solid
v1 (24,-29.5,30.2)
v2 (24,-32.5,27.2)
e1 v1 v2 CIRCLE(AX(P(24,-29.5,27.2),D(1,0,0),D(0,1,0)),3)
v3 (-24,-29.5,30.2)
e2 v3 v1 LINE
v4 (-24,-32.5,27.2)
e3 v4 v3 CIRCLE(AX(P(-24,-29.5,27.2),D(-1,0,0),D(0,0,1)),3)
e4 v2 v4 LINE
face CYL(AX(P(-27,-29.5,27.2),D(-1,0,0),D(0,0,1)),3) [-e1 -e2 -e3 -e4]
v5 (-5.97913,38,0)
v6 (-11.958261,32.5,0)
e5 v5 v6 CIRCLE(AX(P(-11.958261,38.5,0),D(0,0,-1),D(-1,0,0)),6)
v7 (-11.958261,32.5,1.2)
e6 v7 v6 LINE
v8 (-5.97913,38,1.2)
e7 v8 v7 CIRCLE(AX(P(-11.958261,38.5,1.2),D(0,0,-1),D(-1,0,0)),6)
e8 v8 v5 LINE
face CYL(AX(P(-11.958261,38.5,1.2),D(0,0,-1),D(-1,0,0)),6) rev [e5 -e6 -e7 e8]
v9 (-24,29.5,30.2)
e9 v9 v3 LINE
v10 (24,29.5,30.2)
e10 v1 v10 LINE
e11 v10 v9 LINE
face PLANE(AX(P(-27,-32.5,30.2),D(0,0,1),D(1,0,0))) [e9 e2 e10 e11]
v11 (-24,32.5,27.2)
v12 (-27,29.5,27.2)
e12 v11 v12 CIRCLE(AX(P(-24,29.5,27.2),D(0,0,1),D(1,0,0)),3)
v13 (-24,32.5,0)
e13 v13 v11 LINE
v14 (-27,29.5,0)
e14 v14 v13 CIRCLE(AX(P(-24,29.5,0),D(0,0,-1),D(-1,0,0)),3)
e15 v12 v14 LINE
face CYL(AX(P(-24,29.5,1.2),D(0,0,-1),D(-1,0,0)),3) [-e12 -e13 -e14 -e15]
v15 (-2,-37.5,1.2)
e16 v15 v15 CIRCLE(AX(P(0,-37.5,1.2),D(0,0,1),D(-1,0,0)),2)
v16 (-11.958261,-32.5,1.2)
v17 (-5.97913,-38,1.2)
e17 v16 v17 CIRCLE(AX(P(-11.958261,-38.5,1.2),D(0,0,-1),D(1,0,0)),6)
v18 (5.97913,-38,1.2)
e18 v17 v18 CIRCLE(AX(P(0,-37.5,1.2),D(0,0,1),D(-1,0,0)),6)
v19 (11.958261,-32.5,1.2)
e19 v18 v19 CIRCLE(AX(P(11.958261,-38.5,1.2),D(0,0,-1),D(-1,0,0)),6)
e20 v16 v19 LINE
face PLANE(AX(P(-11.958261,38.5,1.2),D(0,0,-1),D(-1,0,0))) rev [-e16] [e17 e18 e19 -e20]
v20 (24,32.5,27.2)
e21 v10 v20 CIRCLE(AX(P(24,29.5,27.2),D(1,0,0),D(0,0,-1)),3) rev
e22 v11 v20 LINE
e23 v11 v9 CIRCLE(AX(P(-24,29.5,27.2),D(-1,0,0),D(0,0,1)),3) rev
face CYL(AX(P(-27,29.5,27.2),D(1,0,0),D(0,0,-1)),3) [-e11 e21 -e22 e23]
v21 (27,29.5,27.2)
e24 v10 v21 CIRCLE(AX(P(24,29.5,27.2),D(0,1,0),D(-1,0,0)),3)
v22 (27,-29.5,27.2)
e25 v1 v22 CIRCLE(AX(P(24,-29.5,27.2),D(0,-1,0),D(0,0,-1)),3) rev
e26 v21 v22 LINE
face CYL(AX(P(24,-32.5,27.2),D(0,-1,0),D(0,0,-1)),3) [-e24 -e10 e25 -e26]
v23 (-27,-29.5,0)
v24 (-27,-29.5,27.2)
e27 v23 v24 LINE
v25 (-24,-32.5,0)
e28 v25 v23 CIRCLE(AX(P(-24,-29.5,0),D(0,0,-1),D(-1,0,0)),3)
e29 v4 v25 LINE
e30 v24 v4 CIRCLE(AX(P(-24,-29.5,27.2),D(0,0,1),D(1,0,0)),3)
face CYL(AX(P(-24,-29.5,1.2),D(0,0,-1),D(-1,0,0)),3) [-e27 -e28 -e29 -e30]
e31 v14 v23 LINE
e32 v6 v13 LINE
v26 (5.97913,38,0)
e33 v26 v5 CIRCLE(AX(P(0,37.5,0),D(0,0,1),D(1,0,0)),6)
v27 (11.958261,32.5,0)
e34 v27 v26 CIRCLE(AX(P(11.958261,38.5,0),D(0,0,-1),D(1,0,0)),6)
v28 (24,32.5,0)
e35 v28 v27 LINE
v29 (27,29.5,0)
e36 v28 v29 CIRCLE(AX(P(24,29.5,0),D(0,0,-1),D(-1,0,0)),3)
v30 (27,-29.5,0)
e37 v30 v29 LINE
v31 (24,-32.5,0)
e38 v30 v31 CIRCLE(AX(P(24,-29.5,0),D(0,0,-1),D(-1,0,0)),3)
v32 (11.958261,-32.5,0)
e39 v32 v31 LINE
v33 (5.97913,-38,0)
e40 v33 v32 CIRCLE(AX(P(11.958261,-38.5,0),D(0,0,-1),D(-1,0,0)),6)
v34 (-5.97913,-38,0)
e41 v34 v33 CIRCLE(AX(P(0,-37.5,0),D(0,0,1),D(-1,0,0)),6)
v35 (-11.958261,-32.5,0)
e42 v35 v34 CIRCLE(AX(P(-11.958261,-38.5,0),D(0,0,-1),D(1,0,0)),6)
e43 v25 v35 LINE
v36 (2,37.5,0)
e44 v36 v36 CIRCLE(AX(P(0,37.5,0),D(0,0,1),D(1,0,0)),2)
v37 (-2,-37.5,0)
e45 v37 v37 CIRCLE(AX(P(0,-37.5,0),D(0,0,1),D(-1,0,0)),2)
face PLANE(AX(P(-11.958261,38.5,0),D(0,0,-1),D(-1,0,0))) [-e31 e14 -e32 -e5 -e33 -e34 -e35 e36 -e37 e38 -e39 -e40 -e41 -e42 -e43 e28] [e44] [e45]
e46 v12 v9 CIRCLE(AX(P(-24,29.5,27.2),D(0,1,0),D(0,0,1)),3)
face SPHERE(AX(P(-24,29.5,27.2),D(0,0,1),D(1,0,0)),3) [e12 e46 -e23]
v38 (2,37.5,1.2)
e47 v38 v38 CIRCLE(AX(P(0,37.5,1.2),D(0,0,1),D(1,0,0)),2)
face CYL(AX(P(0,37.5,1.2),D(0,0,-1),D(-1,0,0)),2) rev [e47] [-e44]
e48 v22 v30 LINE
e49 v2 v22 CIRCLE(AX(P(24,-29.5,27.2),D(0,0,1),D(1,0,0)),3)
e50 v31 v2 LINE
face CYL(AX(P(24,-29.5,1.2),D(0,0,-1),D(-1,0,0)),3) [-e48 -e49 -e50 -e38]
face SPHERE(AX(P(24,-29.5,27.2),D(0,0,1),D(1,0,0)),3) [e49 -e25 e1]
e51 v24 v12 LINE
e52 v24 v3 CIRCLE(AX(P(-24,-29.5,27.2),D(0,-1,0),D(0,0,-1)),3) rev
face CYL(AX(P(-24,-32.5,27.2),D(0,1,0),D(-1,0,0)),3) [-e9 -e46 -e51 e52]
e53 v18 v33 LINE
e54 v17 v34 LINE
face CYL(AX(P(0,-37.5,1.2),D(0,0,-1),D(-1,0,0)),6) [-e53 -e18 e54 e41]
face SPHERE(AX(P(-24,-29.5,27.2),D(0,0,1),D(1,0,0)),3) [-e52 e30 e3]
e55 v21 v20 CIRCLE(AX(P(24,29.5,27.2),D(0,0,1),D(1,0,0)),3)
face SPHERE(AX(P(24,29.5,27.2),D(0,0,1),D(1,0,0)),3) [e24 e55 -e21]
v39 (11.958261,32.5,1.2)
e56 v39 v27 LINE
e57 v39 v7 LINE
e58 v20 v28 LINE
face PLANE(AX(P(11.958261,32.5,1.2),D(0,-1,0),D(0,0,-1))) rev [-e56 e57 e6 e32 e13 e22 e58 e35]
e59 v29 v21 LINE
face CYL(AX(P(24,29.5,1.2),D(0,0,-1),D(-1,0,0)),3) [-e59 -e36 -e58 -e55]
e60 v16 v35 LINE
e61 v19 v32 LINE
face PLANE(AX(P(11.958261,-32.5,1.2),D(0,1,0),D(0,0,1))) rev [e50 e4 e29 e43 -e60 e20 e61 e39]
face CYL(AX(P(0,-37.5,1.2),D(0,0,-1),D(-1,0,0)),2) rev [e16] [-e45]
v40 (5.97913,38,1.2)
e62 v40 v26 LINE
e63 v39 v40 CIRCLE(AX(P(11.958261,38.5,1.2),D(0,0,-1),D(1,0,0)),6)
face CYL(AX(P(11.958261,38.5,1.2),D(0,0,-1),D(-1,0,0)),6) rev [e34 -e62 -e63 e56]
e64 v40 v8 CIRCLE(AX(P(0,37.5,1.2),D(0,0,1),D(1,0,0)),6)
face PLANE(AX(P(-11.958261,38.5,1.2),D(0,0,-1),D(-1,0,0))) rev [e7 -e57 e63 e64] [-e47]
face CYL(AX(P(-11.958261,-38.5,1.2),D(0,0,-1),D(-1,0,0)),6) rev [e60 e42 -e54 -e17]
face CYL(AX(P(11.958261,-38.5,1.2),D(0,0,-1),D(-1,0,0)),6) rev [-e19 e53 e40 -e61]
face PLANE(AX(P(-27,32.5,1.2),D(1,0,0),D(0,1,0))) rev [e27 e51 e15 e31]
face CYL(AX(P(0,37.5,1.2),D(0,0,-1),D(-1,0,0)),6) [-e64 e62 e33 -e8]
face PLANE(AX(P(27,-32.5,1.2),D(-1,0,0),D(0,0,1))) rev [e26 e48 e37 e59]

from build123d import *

# Parameters (mm, degrees)
SKETCH_1_R      = 2
EXTRUDE_1_DEPTH = 1.2
SKETCH_5_W      = 54
SKETCH_5_H      = 65
EXTRUDE_2_DEPTH = 29
FILLET_1_R      = 3


with BuildPart() as part:
    # 草图1 → 拉伸1 (new body)
    with BuildSketch(Plane.XY):
        with BuildLine():
            Line((-11.958260743, 32.5), (-27, 32.5))
            Line((-27, 32.5), (-27, -32.5))
            Line((-27, -32.5), (-11.958260743, -32.5))
            ThreePointArc((-11.958260743, -32.5), (-7.896241541, -34.084119567), (-5.979130372, -38))
            ThreePointArc((-5.979130372, -38), (0, -43.5), (5.979130372, -38))
            ThreePointArc((5.979130372, -38), (7.896241541, -34.084119567), (11.958260743, -32.5))
            Line((11.958260743, -32.5), (27, -32.5))
            Line((27, -32.5), (27, 32.5))
            Line((27, 32.5), (11.958260743, 32.5))
            ThreePointArc((11.958260743, 32.5), (7.896241541, 34.084119567), (5.979130372, 38))
            ThreePointArc((5.979130372, 38), (0, 43.5), (-5.979130372, 38))
            ThreePointArc((-5.979130372, 38), (-7.896241541, 34.084119567), (-11.958260743, 32.5))
        make_face()
        with Locations((0, 37.5)):
            Circle(SKETCH_1_R, mode=Mode.SUBTRACT)
        with Locations(Location((0, -37.5, 0), (0, 0, 180))):
            Circle(SKETCH_1_R, mode=Mode.SUBTRACT)
    extrude(amount=EXTRUDE_1_DEPTH)

    # 草图5 → 拉伸2 (add)
    with BuildSketch(Plane.XY.offset(1.2)):
        Rectangle(SKETCH_5_W, SKETCH_5_H)
    extrude(amount=EXTRUDE_2_DEPTH)

    # 圆角1
    fillet_1_edges = [part.edges().sort_by_distance(p)[0] for p in [
        (27, 32.5, 15.1),
        (27, -32.5, 15.1),
        (-27, -32.5, 15.1),
        (-27, 32.5, 15.1),
        (-27, 0, 30.2),
        (0, -32.5, 30.2),
        (27, 0, 30.2),
        (0, 32.5, 30.2),
    ]]
    fillet(fillet_1_edges, radius=FILLET_1_R)


solid = part.part
